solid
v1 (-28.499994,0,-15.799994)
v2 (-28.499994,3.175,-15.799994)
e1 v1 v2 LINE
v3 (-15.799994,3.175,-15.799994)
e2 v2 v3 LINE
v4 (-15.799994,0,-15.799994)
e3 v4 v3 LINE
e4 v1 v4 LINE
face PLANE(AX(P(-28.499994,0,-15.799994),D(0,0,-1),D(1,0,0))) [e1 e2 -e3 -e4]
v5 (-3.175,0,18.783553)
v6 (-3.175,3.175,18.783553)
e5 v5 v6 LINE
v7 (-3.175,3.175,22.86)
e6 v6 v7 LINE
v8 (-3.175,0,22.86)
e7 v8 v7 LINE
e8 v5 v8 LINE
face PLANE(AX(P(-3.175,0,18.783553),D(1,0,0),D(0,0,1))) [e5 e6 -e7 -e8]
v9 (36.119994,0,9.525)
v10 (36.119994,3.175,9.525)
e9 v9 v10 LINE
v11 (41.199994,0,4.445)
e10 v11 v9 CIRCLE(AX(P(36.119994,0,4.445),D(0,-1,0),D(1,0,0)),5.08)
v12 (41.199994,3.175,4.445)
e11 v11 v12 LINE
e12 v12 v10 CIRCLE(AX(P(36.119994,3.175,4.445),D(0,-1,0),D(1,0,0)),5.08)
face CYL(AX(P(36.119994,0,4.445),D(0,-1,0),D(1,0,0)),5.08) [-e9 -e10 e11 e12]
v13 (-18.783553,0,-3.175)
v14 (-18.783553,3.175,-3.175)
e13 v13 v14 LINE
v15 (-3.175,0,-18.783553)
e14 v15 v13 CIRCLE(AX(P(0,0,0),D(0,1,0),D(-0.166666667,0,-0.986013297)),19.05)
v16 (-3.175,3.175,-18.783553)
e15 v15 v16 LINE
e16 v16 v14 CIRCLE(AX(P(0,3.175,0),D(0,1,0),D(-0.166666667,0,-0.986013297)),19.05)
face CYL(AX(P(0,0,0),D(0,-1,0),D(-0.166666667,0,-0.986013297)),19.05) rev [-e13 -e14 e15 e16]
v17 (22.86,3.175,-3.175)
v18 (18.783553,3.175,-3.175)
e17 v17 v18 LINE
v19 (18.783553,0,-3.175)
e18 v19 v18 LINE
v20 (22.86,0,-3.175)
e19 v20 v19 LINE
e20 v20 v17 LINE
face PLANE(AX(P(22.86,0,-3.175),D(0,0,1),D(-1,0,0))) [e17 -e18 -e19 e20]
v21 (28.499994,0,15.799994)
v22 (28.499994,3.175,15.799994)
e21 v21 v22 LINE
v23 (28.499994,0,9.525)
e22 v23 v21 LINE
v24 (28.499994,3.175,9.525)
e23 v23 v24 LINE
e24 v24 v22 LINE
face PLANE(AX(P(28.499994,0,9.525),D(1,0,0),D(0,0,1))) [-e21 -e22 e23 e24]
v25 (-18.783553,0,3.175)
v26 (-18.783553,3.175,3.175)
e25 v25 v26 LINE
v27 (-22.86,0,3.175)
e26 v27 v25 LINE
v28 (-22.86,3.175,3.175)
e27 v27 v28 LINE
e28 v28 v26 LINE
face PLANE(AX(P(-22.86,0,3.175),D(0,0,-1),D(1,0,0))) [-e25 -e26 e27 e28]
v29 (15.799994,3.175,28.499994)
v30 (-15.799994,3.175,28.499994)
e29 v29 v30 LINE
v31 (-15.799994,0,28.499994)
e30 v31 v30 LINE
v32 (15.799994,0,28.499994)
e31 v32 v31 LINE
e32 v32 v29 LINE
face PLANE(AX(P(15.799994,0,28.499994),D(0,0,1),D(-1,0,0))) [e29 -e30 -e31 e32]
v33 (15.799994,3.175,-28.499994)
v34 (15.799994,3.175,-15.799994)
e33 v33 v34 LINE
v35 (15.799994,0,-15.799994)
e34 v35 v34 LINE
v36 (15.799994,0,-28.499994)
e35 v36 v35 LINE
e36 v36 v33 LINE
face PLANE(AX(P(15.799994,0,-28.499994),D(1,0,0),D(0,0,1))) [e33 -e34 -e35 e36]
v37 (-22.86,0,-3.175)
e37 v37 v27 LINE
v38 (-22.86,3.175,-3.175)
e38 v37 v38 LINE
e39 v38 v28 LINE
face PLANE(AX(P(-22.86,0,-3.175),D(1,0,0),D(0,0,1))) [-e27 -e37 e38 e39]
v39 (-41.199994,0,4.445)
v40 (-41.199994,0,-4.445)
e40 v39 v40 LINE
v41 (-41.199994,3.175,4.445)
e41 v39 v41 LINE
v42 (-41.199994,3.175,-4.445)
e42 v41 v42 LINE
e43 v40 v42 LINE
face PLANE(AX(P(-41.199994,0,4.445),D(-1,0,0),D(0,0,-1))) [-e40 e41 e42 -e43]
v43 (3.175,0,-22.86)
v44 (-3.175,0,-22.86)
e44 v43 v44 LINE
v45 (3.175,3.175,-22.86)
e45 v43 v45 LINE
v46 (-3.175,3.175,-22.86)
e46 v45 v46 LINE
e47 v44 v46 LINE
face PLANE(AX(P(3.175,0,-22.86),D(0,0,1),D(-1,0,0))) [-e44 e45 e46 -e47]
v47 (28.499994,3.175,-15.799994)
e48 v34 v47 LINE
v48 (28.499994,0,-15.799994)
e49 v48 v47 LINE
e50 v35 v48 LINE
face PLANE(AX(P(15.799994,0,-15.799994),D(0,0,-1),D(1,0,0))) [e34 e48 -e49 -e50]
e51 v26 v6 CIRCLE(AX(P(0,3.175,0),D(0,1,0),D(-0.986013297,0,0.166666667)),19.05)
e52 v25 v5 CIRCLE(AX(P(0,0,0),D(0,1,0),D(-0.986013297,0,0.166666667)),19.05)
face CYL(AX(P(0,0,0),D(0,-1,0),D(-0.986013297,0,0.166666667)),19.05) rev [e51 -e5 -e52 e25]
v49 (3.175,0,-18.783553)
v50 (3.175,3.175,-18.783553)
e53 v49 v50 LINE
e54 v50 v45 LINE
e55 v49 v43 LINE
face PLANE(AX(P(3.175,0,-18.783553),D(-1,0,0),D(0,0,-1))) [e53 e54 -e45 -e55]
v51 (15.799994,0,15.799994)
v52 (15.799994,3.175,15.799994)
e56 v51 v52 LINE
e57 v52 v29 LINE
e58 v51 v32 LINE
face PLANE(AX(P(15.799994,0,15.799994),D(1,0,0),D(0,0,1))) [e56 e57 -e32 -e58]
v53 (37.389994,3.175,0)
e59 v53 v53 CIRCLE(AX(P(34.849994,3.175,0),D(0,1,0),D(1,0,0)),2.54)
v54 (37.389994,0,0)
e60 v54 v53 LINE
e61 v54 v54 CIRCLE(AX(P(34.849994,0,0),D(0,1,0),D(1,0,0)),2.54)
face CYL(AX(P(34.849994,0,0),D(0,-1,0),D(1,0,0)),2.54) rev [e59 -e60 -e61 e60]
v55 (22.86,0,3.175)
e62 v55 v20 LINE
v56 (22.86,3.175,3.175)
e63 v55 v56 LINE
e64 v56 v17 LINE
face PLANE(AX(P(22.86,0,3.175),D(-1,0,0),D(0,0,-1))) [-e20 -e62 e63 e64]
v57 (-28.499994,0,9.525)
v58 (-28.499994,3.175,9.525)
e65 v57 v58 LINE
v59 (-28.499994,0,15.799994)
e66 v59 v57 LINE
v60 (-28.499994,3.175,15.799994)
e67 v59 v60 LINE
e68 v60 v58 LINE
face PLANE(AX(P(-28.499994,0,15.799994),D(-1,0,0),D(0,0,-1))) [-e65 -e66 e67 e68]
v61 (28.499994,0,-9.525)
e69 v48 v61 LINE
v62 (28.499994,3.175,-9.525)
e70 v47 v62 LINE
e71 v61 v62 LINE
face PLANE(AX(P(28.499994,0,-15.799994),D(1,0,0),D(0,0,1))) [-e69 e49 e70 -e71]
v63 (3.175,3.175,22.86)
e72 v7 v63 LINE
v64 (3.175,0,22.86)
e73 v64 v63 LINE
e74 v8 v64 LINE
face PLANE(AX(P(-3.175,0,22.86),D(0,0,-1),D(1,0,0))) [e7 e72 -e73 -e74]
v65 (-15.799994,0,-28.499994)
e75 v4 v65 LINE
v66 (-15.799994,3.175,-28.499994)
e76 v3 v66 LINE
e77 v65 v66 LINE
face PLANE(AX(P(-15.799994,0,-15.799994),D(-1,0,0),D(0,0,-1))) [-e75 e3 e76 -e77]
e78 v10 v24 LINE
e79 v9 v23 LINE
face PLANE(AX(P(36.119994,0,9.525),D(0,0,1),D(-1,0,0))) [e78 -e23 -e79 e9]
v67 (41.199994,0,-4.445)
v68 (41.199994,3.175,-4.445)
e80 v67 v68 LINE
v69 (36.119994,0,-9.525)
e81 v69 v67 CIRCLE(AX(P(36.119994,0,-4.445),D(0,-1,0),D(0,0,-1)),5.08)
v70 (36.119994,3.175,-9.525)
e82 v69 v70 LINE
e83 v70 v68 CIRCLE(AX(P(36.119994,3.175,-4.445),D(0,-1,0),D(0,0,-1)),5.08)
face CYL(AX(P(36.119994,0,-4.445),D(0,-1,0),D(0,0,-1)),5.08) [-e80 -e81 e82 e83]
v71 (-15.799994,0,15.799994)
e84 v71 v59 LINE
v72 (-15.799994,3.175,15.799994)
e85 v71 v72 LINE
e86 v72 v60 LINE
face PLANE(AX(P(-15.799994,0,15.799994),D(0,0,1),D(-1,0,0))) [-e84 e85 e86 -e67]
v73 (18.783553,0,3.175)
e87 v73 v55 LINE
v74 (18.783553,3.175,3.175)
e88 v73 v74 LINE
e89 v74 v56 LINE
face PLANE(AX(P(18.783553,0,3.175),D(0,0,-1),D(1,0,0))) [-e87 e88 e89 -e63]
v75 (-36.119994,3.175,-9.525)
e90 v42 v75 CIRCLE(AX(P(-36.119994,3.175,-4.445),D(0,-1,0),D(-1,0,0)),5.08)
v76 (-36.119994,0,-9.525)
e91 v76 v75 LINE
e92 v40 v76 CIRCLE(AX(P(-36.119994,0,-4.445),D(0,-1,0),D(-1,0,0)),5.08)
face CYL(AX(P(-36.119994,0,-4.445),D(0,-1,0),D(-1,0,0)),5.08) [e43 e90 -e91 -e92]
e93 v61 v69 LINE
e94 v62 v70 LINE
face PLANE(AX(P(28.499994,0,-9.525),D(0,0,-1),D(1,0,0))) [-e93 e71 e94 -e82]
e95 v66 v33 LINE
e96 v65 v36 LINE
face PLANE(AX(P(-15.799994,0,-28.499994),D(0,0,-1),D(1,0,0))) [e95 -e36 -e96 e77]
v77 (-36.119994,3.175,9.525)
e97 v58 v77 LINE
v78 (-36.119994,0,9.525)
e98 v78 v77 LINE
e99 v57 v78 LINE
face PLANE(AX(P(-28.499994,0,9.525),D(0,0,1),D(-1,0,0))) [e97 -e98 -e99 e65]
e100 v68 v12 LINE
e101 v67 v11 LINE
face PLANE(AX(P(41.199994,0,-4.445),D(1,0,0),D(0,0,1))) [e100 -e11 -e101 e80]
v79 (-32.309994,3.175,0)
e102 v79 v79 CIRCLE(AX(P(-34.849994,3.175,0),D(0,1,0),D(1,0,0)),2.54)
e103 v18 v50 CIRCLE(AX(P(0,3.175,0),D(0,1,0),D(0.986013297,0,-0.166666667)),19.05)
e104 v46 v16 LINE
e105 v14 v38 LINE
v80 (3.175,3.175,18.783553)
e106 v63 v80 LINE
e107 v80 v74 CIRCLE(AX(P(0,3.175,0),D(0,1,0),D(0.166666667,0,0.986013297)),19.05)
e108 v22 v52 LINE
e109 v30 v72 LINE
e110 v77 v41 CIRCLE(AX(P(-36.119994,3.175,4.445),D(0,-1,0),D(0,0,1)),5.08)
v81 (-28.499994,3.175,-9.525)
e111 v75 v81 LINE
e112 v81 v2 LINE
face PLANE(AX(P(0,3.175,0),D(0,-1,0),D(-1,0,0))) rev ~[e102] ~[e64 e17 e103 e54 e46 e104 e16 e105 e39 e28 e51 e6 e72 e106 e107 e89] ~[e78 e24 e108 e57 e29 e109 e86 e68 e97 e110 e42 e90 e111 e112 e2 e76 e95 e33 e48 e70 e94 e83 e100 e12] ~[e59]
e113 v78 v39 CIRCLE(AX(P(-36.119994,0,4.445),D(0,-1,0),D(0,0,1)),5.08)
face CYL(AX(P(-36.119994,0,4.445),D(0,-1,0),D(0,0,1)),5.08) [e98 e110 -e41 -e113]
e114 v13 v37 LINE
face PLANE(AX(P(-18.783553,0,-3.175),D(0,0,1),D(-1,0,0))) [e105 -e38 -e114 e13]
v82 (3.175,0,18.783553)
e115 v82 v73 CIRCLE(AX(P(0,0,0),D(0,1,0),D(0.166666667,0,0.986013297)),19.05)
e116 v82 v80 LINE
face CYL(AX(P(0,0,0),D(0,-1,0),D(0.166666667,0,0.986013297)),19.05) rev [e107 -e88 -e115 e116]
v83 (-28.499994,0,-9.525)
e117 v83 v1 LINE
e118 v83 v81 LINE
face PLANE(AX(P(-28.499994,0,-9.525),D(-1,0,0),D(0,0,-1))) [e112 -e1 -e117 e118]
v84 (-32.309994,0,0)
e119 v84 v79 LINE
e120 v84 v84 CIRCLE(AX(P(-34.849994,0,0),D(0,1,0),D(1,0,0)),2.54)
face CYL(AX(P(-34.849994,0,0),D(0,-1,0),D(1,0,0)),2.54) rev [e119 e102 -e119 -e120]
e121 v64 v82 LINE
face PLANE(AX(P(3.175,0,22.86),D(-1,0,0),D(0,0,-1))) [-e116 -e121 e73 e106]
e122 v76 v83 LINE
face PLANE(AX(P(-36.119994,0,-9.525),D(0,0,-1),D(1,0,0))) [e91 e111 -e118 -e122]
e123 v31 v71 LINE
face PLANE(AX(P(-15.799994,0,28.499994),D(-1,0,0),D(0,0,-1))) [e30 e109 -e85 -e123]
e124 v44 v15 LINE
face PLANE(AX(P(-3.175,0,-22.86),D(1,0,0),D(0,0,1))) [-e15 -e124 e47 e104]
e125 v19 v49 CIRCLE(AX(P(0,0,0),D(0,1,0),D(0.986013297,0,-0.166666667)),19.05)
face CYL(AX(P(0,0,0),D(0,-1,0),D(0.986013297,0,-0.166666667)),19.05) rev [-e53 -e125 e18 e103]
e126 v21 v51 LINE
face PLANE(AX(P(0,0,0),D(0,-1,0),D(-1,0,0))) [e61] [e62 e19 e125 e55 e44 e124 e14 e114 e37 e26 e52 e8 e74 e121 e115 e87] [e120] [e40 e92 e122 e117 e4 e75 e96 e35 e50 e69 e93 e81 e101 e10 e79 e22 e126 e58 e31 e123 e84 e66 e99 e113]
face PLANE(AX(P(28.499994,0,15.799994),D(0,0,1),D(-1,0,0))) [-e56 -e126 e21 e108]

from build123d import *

# Parameters (mm, degrees)
SKETCH1_R           = 2.54
BOSS_EXTRUDE1_DEPTH = 3.175


with BuildPart() as part:
    # Sketch1 → Boss-Extrude1 (new body)
    with BuildSketch(Plane(origin=(0, 0, 0), x_dir=(1, 0, 0), z_dir=(0, 1, 0))):
        with BuildLine():
            Line((15.7999938, -28.4999938), (-15.7999938, -28.4999938))
            Line((-15.7999938, -28.4999938), (-15.7999938, -15.7999938))
            Line((-15.7999938, -15.7999938), (-28.4999938, -15.7999938))
            Line((-28.4999938, -15.7999938), (-28.4999938, -9.525))
            Line((-28.4999938, -9.525), (-36.1199938, -9.525))
            ThreePointArc((-36.1199938, -9.525), (-39.712096248, -8.037102448), (-41.1999938, -4.445))
            Line((-41.1999938, -4.445), (-41.1999938, 4.445))
            ThreePointArc((-41.1999938, 4.445), (-39.712096248, 8.037102448), (-36.1199938, 9.525))
            Line((-36.1199938, 9.525), (-28.4999938, 9.525))
            Line((-28.4999938, 9.525), (-28.4999938, 15.7999938))
            Line((-28.4999938, 15.7999938), (-15.7999938, 15.7999938))
            Line((-15.7999938, 15.7999938), (-15.7999938, 28.4999938))
            Line((-15.7999938, 28.4999938), (15.7999938, 28.4999938))
            Line((15.7999938, 28.4999938), (15.7999938, 15.7999938))
            Line((15.7999938, 15.7999938), (28.4999938, 15.7999938))
            Line((28.4999938, 15.7999938), (28.4999938, 9.525))
            Line((28.4999938, 9.525), (36.1199938, 9.525))
            ThreePointArc((36.1199938, 9.525), (39.712096248, 8.037102448), (41.1999938, 4.445))
            Line((41.1999938, 4.445), (41.1999938, -4.445))
            ThreePointArc((41.1999938, -4.445), (39.712096248, -8.037102448), (36.1199938, -9.525))
            Line((36.1199938, -9.525), (28.4999938, -9.525))
            Line((28.4999938, -9.525), (28.4999938, -15.7999938))
            Line((28.4999938, -15.7999938), (15.7999938, -15.7999938))
            Line((15.7999938, -15.7999938), (15.7999938, -28.4999938))
        make_face()
        with Locations((-34.8499938, 0)):
            Circle(SKETCH1_R, mode=Mode.SUBTRACT)
        with Locations((34.8499938, 0)):
            Circle(SKETCH1_R, mode=Mode.SUBTRACT)
        with BuildLine():
            Line((-18.783553311, 3.175), (-22.86, 3.175))
            Line((-22.86, 3.175), (-22.86, -3.175))
            Line((-22.86, -3.175), (-18.783553311, -3.175))
            ThreePointArc((-18.783553311, -3.175), (-13.470384182, -13.470384182), (-3.175, -18.783553311))
            Line((-3.175, -18.783553311), (-3.175, -22.86))
            Line((-3.175, -22.86), (3.175, -22.86))
            Line((3.175, -22.86), (3.175, -18.783553311))
            ThreePointArc((3.175, -18.783553311), (13.470384182, -13.470384182), (18.783553311, -3.175))
            Line((18.783553311, -3.175), (22.86, -3.175))
            Line((22.86, -3.175), (22.86, 3.175))
            Line((22.86, 3.175), (18.783553311, 3.175))
            ThreePointArc((18.783553311, 3.175), (13.470384182, 13.470384182), (3.175, 18.783553311))
            Line((3.175, 18.783553311), (3.175, 22.86))
            Line((3.175, 22.86), (-3.175, 22.86))
            Line((-3.175, 22.86), (-3.175, 18.783553311))
            ThreePointArc((-3.175, 18.783553311), (-13.470384182, 13.470384182), (-18.783553311, 3.175))
        make_face(mode=Mode.SUBTRACT)
    extrude(amount=BOSS_EXTRUDE1_DEPTH)


solid = part.part
